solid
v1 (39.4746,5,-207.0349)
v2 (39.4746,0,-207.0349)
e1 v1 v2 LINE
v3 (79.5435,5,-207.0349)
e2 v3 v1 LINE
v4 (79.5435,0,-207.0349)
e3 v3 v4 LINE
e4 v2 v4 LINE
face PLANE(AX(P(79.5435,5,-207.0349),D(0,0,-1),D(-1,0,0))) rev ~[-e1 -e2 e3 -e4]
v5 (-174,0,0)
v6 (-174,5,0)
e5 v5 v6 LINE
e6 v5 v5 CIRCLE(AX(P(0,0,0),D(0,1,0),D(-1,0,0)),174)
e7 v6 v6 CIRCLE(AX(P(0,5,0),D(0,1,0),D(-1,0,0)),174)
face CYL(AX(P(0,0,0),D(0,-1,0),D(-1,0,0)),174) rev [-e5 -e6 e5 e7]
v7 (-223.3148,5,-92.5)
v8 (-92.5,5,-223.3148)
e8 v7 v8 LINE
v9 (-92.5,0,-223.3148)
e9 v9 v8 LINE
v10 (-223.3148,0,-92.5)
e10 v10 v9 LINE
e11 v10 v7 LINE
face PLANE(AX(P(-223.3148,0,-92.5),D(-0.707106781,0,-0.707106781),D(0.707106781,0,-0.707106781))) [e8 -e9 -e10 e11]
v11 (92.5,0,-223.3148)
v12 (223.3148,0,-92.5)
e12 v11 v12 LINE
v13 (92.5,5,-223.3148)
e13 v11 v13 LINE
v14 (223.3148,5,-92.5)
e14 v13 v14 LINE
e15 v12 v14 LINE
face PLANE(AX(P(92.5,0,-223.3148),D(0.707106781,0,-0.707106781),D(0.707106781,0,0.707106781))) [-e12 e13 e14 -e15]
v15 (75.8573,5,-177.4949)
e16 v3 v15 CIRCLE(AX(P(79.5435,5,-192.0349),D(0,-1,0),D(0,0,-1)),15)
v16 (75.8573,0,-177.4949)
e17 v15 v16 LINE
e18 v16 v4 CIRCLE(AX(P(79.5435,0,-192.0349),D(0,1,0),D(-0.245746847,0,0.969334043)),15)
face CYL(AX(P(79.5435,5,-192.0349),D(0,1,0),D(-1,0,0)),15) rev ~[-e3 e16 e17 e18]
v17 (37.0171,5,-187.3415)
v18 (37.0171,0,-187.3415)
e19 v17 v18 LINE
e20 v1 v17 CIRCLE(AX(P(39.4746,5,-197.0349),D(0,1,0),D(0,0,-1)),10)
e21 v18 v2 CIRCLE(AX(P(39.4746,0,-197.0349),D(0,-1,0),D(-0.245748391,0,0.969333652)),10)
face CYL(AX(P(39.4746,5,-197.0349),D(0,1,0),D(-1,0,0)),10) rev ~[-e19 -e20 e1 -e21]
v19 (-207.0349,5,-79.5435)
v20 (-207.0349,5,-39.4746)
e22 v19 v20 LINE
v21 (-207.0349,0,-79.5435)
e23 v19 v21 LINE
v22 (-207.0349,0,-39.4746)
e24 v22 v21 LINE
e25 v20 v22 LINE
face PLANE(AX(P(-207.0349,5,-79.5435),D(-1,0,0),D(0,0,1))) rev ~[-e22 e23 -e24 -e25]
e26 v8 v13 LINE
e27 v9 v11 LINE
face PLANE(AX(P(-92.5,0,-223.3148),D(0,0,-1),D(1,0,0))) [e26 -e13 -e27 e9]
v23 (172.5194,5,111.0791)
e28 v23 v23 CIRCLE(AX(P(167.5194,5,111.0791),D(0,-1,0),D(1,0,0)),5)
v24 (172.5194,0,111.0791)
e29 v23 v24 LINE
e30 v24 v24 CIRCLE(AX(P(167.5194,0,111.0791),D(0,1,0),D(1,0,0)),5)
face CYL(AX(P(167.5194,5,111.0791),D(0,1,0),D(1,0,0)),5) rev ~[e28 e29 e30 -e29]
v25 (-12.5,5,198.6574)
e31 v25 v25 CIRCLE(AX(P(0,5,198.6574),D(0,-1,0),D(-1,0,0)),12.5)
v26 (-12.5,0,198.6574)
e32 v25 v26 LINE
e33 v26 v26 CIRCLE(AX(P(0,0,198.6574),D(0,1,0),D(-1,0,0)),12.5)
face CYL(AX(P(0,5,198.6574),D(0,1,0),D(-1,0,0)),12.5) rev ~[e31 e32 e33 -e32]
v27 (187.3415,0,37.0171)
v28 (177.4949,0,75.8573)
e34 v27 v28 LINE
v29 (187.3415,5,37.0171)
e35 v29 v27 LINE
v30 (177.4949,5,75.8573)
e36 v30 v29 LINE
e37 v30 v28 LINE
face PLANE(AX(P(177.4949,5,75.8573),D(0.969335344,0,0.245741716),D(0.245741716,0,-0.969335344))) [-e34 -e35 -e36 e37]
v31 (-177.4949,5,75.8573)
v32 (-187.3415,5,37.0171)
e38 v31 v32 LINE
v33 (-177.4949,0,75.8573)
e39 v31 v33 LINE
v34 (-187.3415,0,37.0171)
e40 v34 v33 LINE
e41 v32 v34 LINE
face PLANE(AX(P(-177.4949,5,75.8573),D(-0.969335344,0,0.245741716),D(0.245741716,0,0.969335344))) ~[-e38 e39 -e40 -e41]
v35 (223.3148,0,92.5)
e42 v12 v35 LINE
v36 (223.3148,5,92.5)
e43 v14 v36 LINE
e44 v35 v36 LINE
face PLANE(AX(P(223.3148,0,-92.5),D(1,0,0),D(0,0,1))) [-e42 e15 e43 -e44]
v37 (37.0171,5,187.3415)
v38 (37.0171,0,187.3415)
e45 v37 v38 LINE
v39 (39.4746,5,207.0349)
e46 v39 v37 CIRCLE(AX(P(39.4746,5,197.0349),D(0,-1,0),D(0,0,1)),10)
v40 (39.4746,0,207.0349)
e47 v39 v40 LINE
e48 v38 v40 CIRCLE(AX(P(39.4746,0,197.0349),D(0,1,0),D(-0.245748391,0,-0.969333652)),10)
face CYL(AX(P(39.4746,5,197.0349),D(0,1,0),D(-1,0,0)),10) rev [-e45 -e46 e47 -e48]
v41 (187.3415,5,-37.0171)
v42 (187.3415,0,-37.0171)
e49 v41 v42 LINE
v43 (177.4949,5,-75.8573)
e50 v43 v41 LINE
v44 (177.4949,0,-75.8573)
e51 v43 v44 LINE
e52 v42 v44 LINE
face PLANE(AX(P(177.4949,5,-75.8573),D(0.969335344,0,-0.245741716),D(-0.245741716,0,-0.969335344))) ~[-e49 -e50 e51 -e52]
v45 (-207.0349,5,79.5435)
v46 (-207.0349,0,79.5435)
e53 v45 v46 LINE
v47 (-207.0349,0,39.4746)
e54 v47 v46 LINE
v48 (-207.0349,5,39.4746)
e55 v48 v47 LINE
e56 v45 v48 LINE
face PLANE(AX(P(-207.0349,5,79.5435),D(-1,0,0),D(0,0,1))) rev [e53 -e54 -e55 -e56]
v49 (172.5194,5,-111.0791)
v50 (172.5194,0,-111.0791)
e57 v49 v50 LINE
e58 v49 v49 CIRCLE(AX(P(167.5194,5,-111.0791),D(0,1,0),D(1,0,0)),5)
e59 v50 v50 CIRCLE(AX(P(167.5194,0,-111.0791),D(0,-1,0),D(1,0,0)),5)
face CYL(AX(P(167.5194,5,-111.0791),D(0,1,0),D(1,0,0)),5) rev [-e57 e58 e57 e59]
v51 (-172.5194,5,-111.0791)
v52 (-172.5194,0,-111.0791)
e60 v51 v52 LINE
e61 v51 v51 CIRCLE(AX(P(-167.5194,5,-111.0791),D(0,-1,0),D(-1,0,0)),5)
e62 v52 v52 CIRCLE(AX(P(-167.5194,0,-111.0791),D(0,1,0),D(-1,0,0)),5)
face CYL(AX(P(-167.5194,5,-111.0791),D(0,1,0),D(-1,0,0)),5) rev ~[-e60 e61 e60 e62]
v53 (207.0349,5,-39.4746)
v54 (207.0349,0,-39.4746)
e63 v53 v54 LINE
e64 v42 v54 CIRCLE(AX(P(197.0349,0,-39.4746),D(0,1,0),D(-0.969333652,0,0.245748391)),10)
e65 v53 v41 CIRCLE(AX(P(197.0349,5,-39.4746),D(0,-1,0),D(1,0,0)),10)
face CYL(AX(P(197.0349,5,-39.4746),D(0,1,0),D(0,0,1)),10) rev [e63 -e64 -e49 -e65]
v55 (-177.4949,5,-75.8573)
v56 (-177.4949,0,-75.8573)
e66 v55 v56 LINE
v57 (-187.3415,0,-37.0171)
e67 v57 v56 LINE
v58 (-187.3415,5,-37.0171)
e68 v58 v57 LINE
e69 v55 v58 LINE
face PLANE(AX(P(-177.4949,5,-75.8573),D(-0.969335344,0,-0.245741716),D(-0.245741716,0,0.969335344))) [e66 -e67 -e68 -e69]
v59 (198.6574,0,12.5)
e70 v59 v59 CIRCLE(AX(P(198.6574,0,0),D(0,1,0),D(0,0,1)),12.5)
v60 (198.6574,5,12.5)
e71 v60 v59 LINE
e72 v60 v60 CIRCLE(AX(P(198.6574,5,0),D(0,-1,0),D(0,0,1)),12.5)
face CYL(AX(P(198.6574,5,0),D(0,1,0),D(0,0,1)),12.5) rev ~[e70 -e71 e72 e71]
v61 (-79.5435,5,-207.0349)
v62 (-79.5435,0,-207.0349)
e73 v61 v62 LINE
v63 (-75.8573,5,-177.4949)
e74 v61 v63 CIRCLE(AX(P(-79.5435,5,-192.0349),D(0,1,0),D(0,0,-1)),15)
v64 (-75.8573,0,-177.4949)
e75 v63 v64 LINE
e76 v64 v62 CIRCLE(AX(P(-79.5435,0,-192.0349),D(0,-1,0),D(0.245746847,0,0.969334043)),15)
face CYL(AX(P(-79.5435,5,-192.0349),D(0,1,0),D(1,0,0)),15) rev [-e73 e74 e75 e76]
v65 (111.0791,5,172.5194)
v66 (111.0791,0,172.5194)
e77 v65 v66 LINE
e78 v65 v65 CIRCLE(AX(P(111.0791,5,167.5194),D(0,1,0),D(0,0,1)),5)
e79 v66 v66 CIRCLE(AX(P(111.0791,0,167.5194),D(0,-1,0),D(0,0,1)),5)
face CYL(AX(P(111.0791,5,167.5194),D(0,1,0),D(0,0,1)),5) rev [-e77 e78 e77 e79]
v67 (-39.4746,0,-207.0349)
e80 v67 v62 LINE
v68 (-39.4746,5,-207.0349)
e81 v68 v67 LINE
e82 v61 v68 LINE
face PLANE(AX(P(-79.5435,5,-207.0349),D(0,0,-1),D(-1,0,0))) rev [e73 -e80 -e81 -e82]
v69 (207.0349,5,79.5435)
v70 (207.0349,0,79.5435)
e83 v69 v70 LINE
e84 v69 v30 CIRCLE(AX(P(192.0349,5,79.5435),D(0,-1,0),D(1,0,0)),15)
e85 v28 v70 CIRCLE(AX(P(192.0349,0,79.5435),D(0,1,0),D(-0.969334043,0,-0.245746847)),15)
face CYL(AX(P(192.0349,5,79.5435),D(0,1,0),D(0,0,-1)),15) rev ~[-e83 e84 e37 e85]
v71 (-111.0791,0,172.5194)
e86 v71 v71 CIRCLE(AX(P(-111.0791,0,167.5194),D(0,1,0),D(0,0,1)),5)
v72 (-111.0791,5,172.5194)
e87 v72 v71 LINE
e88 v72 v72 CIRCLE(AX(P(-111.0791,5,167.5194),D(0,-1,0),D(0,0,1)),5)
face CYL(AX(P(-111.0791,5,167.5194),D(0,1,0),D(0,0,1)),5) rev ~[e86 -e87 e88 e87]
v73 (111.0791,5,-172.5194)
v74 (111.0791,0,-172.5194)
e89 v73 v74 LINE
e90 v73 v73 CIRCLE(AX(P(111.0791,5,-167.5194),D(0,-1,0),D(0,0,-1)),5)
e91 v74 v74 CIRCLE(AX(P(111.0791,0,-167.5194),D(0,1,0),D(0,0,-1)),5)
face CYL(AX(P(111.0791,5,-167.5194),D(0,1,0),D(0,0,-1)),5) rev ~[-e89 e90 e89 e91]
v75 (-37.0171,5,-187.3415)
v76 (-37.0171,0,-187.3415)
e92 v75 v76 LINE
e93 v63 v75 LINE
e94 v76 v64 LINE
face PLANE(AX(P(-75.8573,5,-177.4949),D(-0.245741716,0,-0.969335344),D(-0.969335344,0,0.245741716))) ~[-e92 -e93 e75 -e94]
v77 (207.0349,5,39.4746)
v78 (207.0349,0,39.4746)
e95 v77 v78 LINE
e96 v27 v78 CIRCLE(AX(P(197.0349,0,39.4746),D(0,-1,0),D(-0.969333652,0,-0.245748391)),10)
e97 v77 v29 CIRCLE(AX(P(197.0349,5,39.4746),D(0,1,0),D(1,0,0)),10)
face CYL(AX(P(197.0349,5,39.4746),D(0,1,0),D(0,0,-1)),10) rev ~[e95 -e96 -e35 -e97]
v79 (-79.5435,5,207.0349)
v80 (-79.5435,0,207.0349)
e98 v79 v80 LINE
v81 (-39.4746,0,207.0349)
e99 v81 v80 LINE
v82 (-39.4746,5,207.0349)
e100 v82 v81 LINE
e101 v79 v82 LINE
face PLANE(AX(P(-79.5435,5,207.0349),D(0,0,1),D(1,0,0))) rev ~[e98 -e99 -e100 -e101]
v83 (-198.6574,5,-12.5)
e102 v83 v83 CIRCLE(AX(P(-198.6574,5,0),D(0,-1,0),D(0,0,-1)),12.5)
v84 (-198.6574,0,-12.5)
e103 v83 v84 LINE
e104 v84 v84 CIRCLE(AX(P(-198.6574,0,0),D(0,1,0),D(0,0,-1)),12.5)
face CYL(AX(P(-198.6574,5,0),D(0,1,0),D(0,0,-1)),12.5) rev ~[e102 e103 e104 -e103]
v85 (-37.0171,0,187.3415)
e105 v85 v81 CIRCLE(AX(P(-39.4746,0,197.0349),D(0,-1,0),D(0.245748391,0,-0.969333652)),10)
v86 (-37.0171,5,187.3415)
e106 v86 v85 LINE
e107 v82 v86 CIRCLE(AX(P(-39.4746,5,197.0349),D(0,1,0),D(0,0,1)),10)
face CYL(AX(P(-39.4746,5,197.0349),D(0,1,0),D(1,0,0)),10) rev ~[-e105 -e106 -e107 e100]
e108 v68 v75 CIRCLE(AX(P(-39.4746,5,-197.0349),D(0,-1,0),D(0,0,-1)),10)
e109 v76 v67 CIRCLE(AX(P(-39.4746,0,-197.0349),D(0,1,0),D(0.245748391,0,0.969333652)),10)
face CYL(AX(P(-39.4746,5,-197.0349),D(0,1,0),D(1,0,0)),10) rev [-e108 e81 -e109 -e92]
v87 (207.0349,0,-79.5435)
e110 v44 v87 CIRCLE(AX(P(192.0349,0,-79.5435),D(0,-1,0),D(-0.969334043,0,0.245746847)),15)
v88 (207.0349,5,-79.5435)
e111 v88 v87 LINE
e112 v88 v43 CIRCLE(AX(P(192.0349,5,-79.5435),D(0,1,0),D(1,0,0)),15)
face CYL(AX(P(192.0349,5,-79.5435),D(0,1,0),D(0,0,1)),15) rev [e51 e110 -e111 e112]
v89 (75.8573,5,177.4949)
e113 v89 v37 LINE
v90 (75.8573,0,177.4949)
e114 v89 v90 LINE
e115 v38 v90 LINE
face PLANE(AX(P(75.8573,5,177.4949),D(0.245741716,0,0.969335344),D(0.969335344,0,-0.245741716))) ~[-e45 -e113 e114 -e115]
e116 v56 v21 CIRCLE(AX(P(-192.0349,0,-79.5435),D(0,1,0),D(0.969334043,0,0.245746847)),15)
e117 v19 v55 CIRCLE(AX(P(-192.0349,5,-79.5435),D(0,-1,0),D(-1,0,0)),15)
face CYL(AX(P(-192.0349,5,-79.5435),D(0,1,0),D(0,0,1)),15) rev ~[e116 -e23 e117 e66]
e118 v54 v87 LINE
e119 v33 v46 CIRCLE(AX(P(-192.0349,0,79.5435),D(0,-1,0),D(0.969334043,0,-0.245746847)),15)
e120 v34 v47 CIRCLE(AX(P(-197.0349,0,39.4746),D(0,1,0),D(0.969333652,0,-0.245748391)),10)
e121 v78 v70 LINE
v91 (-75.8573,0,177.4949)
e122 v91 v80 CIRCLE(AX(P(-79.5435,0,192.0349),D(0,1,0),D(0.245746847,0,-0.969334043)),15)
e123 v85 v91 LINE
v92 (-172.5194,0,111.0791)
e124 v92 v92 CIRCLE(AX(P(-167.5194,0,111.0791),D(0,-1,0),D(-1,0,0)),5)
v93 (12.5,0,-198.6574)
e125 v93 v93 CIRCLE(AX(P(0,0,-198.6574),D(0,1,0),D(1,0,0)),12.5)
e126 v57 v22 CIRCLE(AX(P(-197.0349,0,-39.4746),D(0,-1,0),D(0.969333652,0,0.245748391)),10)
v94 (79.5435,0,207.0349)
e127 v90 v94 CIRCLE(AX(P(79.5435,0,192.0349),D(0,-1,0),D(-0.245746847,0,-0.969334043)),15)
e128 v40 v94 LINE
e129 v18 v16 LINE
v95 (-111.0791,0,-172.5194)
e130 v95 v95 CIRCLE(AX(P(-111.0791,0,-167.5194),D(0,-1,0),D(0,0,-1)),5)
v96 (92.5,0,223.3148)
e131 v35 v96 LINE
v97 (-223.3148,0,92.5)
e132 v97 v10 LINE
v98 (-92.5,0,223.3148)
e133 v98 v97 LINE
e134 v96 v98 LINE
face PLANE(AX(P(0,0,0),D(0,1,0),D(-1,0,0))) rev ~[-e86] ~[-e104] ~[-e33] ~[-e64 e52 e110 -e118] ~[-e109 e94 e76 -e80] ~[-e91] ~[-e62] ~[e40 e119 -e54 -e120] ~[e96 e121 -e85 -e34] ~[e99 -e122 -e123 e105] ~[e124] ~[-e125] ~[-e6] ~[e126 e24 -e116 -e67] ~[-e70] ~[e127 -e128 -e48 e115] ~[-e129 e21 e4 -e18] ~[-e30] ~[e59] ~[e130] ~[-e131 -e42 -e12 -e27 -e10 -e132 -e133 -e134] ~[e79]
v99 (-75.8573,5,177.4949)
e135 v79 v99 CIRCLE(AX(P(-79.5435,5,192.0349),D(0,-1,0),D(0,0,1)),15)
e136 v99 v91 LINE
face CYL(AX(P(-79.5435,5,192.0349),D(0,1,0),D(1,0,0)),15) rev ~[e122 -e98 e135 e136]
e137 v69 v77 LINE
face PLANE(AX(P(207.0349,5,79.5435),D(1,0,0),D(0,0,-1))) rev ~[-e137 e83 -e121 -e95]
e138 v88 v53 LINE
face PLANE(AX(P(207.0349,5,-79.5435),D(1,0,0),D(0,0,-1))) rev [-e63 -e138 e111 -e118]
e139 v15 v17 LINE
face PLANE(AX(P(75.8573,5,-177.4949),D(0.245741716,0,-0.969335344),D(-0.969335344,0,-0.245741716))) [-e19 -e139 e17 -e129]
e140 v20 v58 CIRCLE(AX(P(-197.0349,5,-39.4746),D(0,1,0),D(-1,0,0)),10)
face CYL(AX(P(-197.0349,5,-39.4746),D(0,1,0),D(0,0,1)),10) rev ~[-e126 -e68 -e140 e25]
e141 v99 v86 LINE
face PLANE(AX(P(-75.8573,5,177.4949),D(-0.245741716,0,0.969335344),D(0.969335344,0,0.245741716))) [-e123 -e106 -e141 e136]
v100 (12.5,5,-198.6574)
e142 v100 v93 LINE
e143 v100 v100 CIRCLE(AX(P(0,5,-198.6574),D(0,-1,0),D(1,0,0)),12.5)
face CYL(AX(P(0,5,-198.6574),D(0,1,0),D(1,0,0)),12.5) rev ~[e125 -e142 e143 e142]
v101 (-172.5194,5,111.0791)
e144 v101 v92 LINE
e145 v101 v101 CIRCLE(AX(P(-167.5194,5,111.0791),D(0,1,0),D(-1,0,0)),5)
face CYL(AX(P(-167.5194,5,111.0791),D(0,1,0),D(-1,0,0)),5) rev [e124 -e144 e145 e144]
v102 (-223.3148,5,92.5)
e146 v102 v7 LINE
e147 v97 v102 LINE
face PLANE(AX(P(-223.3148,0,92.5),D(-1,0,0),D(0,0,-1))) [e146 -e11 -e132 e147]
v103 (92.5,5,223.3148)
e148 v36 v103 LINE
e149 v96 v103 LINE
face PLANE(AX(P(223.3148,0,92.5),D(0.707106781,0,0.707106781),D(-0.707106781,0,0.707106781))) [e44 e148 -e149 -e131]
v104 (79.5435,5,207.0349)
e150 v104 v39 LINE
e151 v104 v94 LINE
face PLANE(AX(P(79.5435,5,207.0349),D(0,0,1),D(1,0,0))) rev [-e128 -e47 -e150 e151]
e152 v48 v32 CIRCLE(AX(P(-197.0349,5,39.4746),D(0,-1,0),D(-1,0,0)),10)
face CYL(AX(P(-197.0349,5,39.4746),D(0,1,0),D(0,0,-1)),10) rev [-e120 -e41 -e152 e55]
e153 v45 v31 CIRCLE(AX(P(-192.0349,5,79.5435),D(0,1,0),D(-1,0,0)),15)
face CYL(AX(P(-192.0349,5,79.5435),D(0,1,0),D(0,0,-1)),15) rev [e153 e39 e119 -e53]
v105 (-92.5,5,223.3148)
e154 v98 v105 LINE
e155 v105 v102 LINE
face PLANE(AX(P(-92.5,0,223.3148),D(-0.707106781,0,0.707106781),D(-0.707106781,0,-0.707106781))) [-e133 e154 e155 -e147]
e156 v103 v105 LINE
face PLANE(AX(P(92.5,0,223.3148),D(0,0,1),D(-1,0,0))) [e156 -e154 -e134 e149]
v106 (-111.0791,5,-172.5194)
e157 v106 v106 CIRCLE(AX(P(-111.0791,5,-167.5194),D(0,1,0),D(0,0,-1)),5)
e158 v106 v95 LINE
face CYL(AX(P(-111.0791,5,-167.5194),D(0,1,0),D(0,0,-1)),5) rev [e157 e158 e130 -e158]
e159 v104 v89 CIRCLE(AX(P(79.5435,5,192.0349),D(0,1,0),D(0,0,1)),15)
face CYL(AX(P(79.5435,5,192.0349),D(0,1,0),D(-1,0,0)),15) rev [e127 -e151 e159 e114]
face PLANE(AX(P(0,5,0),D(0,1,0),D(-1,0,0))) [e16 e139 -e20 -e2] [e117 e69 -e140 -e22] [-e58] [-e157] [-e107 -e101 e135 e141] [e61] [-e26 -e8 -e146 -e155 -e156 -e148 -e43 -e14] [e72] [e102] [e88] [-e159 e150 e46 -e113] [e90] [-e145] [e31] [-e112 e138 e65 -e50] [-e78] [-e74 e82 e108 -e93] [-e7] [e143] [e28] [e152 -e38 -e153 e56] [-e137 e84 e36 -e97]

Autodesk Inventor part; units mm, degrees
ref_plane "YZ Plane" through (0, 0, 0) normal (1, 0, 0) x (0, 1, 0)
ref_plane "XZ Plane" through (0, 0, 0) normal (0, 1, 0) x (-1, 0, 0)
ref_plane "XY Plane" through (0, 0, 0) normal (0, 0, 1) x (1, 0, 0)
sketch "Sketch1" plane through (0, 0, 0) normal (0, 1, 0) x (-1, 0, 0)
  line L0 (-92.5, -223.3148) -> (-223.3148, -92.5)
  line L1 (-223.3148, -92.5) -> (-223.3148, 92.5)
  line L2 (-223.3148, 92.5) -> (-92.5, 223.3148)
  line L3 (-92.5, 223.3148) -> (92.5, 223.3148)
  line L4 (92.5, 223.3148) -> (223.3148, 92.5)
  line L5 (223.3148, 92.5) -> (223.3148, -92.5)
  line L6 (223.3148, -92.5) -> (92.5, -223.3148)
  line L7 (92.5, -223.3148) -> (-92.5, -223.3148)
  circle A0 centre (0, 0) radius 46
  circle A1 centre (0, 0) radius 174
  dimension "d0" = 185
  dimension "d1" = 128
  dimension "d2" = 92
extrude "Extrusion1" add sketch "Sketch1" along normal blind 5
sketch "Sketch4" plane through (0, 5, 0) normal (0, 1, 0) x (1, 0, 0)
  circle A0 centre (0, 0) radius 174 projected
  line L0 (0, 174) -> (0, 223.3148)
  line L1 (92.5, 223.3148) -> (-92.5, 223.3148) projected
  circle A1 centre (0, 198.6574) radius 12.5
  dimension "d10" = 25
extrude "Extrusion4" cut sketch "Sketch4" against normal blind 5 contours A1 L0 | L0 A1
pattern_circular "Circular Pattern1" count 4 over 360 about axis through (0, -10, 0) along (0, 1, 0) of "Extrusion4"
sketch "Sketch5" plane through (0, 5, 0) normal (0, 1, 0) x (1, 0, 0)
  line L0 (-223.3148, -92.5) -> (-92.5, -223.3148) projected
  line L1 (-92.5, -223.3148) -> (-66.5869, -160.755)
  circle A0 centre (0, 0) radius 174 projected
  circle A1 centre (-79.5435, -192.0349) radius 15
  line L2 (-92.5, -223.3148) -> (92.5, -223.3148) projected
  circle A2 centre (0, -198.6574) radius 12.5 projected
  line L3 (0, -211.1574) -> (0, -186.1574)
  line L4 (-44.7395, -223.3148) -> (-34.1805, -170.6098)
  line L5 (92.5, -223.3148) -> (223.3148, -92.5) projected
  line L6 (92.5, -223.3148) -> (66.5869, -160.755)
  circle A3 centre (79.5435, -192.0349) radius 15
  arc A4 (-79.5435, -192.0349) -> (79.5435, -192.0349) centre (0, 282.3572) ccw
  circle A5 centre (-39.4746, -197.0349) radius 10
  circle A6 centre (39.4746, -197.0349) radius 10
  line L7 (-79.5435, -207.0349) -> (-39.4746, -207.0349)
  line L8 (-79.5435, -192.0349) -> (-39.4746, -197.0349)
  line L9 (-75.8573, -177.4949) -> (-37.0171, -187.3415)
  dimension "d16" = 30
  dimension "d18" = 20
  dimension "d17" = 30
extrude "Extrusion5" cut sketch "Sketch5" against normal blind 5 contours A1 L1 | L1 A4 A1 | L8 A1 A4 | L1 A1 L8 | L9 L1 A1 | A1 A4 A5 L4 L7 | L4 A5 L7 | L1 L9 L4 A5 L8 A1 | A1 L8 A5 A4 | A5 A4 L4 | L4 A4 A5 | A5 L8 A4 | A5 L4 L8 | L9 A5 L4 | L4 A5 A4
mirror "Mirror1" about plane through (0, 0, 0) normal (1, 0, 0) of "Extrusion5"
pattern_circular "Circular Pattern2" count 4 over 360 about axis through (0, -10, 0) along (0, 1, 0) of "Extrusion5", "Mirror1"
sketch "Sketch6" plane through (0, 5, 0) normal (0, 1, 0) x (1, 0, 0)
  arc A0 (177.4949, -75.8573) -> (207.0349, -79.5435) centre (192.0349, -79.5435) ccw projected
  line L0 (207.0349, -79.5435) -> (207.0349, -39.4746) projected
  line L1 (207.0349, -79.5435) -> (177.0349, -79.5435)
  arc A1 (79.5435, -207.0349) -> (75.8573, -177.4949) centre (79.5435, -192.0349) ccw projected
  line L2 (75.8573, -177.4949) -> (79.5435, -192.0349)
  line L3 (0, 0) -> (79.5435, -79.5435)
  line L4 (92.5, -223.3148) -> (223.3148, -92.5) projected
  line L5 (92.5, -223.3148) -> (223.3148, -92.5) projected
  line L6 (79.5435, -79.5435) -> (157.9074, -157.9074)
  circle A2 centre (0, 0) radius 174 projected
  line L7 (123.0366, -123.0366) -> (157.9074, -157.9074)
  arc A3 (79.5435, -192.0349) -> (140.472, -140.472) centre (-199.6567, 199.6567) ccw
  arc A4 (140.472, -140.472) -> (192.0349, -79.5435) centre (-199.6567, 199.6567) ccw
  circle A5 centre (167.5194, -111.0791) radius 5
  dimension "d26" = 10
  dimension "d27" = 481.0145
extrude "Extrusion6" cut sketch "Sketch6" against normal blind 5 contours A5 A4 | A4 A5
mirror "Mirror2" about plane through (0, 0, 0) normal (0, 0, 1) of "Extrusion6"
pattern_circular "Circular Pattern3" count 4 over 360 about axis through (0, -10, 0) along (0, 1, 0) of "Extrusion6", "Mirror2"
sketch "Sketch7" plane through (0, 5, 0) normal (0, 1, 0) x (1, 0, 0)
  arc A0 (207.0349, 79.5435) -> (177.4949, 75.8573) centre (192.0349, 79.5435) ccw projected
  circle A1 centre (198.6574, 0) radius 12.5 projected
  line L0 (186.1574, 0) -> (198.6574, 0)
  arc A2 (187.3415, 37.0171) -> (207.0349, 39.4746) centre (197.0349, 39.4746) ccw projected
  line L1 (187.3415, 37.0171) -> (197.0349, 39.4746)
  line L2 (198.6574, 0) -> (197.0349, 39.4746)
  point P0 (0, 0)
  dimension "d33" = 39.4746
sketch "Sketch11" plane through (0, 5, 0) normal (0, 1, 0) x (1, 0, 0)
  circle A0 centre (0, 0) radius 50
  dimension "d44" = 100
extrude "Extrusion10" cut sketch "Sketch11" against normal blind 10
properties part number "Telescope_Base"
